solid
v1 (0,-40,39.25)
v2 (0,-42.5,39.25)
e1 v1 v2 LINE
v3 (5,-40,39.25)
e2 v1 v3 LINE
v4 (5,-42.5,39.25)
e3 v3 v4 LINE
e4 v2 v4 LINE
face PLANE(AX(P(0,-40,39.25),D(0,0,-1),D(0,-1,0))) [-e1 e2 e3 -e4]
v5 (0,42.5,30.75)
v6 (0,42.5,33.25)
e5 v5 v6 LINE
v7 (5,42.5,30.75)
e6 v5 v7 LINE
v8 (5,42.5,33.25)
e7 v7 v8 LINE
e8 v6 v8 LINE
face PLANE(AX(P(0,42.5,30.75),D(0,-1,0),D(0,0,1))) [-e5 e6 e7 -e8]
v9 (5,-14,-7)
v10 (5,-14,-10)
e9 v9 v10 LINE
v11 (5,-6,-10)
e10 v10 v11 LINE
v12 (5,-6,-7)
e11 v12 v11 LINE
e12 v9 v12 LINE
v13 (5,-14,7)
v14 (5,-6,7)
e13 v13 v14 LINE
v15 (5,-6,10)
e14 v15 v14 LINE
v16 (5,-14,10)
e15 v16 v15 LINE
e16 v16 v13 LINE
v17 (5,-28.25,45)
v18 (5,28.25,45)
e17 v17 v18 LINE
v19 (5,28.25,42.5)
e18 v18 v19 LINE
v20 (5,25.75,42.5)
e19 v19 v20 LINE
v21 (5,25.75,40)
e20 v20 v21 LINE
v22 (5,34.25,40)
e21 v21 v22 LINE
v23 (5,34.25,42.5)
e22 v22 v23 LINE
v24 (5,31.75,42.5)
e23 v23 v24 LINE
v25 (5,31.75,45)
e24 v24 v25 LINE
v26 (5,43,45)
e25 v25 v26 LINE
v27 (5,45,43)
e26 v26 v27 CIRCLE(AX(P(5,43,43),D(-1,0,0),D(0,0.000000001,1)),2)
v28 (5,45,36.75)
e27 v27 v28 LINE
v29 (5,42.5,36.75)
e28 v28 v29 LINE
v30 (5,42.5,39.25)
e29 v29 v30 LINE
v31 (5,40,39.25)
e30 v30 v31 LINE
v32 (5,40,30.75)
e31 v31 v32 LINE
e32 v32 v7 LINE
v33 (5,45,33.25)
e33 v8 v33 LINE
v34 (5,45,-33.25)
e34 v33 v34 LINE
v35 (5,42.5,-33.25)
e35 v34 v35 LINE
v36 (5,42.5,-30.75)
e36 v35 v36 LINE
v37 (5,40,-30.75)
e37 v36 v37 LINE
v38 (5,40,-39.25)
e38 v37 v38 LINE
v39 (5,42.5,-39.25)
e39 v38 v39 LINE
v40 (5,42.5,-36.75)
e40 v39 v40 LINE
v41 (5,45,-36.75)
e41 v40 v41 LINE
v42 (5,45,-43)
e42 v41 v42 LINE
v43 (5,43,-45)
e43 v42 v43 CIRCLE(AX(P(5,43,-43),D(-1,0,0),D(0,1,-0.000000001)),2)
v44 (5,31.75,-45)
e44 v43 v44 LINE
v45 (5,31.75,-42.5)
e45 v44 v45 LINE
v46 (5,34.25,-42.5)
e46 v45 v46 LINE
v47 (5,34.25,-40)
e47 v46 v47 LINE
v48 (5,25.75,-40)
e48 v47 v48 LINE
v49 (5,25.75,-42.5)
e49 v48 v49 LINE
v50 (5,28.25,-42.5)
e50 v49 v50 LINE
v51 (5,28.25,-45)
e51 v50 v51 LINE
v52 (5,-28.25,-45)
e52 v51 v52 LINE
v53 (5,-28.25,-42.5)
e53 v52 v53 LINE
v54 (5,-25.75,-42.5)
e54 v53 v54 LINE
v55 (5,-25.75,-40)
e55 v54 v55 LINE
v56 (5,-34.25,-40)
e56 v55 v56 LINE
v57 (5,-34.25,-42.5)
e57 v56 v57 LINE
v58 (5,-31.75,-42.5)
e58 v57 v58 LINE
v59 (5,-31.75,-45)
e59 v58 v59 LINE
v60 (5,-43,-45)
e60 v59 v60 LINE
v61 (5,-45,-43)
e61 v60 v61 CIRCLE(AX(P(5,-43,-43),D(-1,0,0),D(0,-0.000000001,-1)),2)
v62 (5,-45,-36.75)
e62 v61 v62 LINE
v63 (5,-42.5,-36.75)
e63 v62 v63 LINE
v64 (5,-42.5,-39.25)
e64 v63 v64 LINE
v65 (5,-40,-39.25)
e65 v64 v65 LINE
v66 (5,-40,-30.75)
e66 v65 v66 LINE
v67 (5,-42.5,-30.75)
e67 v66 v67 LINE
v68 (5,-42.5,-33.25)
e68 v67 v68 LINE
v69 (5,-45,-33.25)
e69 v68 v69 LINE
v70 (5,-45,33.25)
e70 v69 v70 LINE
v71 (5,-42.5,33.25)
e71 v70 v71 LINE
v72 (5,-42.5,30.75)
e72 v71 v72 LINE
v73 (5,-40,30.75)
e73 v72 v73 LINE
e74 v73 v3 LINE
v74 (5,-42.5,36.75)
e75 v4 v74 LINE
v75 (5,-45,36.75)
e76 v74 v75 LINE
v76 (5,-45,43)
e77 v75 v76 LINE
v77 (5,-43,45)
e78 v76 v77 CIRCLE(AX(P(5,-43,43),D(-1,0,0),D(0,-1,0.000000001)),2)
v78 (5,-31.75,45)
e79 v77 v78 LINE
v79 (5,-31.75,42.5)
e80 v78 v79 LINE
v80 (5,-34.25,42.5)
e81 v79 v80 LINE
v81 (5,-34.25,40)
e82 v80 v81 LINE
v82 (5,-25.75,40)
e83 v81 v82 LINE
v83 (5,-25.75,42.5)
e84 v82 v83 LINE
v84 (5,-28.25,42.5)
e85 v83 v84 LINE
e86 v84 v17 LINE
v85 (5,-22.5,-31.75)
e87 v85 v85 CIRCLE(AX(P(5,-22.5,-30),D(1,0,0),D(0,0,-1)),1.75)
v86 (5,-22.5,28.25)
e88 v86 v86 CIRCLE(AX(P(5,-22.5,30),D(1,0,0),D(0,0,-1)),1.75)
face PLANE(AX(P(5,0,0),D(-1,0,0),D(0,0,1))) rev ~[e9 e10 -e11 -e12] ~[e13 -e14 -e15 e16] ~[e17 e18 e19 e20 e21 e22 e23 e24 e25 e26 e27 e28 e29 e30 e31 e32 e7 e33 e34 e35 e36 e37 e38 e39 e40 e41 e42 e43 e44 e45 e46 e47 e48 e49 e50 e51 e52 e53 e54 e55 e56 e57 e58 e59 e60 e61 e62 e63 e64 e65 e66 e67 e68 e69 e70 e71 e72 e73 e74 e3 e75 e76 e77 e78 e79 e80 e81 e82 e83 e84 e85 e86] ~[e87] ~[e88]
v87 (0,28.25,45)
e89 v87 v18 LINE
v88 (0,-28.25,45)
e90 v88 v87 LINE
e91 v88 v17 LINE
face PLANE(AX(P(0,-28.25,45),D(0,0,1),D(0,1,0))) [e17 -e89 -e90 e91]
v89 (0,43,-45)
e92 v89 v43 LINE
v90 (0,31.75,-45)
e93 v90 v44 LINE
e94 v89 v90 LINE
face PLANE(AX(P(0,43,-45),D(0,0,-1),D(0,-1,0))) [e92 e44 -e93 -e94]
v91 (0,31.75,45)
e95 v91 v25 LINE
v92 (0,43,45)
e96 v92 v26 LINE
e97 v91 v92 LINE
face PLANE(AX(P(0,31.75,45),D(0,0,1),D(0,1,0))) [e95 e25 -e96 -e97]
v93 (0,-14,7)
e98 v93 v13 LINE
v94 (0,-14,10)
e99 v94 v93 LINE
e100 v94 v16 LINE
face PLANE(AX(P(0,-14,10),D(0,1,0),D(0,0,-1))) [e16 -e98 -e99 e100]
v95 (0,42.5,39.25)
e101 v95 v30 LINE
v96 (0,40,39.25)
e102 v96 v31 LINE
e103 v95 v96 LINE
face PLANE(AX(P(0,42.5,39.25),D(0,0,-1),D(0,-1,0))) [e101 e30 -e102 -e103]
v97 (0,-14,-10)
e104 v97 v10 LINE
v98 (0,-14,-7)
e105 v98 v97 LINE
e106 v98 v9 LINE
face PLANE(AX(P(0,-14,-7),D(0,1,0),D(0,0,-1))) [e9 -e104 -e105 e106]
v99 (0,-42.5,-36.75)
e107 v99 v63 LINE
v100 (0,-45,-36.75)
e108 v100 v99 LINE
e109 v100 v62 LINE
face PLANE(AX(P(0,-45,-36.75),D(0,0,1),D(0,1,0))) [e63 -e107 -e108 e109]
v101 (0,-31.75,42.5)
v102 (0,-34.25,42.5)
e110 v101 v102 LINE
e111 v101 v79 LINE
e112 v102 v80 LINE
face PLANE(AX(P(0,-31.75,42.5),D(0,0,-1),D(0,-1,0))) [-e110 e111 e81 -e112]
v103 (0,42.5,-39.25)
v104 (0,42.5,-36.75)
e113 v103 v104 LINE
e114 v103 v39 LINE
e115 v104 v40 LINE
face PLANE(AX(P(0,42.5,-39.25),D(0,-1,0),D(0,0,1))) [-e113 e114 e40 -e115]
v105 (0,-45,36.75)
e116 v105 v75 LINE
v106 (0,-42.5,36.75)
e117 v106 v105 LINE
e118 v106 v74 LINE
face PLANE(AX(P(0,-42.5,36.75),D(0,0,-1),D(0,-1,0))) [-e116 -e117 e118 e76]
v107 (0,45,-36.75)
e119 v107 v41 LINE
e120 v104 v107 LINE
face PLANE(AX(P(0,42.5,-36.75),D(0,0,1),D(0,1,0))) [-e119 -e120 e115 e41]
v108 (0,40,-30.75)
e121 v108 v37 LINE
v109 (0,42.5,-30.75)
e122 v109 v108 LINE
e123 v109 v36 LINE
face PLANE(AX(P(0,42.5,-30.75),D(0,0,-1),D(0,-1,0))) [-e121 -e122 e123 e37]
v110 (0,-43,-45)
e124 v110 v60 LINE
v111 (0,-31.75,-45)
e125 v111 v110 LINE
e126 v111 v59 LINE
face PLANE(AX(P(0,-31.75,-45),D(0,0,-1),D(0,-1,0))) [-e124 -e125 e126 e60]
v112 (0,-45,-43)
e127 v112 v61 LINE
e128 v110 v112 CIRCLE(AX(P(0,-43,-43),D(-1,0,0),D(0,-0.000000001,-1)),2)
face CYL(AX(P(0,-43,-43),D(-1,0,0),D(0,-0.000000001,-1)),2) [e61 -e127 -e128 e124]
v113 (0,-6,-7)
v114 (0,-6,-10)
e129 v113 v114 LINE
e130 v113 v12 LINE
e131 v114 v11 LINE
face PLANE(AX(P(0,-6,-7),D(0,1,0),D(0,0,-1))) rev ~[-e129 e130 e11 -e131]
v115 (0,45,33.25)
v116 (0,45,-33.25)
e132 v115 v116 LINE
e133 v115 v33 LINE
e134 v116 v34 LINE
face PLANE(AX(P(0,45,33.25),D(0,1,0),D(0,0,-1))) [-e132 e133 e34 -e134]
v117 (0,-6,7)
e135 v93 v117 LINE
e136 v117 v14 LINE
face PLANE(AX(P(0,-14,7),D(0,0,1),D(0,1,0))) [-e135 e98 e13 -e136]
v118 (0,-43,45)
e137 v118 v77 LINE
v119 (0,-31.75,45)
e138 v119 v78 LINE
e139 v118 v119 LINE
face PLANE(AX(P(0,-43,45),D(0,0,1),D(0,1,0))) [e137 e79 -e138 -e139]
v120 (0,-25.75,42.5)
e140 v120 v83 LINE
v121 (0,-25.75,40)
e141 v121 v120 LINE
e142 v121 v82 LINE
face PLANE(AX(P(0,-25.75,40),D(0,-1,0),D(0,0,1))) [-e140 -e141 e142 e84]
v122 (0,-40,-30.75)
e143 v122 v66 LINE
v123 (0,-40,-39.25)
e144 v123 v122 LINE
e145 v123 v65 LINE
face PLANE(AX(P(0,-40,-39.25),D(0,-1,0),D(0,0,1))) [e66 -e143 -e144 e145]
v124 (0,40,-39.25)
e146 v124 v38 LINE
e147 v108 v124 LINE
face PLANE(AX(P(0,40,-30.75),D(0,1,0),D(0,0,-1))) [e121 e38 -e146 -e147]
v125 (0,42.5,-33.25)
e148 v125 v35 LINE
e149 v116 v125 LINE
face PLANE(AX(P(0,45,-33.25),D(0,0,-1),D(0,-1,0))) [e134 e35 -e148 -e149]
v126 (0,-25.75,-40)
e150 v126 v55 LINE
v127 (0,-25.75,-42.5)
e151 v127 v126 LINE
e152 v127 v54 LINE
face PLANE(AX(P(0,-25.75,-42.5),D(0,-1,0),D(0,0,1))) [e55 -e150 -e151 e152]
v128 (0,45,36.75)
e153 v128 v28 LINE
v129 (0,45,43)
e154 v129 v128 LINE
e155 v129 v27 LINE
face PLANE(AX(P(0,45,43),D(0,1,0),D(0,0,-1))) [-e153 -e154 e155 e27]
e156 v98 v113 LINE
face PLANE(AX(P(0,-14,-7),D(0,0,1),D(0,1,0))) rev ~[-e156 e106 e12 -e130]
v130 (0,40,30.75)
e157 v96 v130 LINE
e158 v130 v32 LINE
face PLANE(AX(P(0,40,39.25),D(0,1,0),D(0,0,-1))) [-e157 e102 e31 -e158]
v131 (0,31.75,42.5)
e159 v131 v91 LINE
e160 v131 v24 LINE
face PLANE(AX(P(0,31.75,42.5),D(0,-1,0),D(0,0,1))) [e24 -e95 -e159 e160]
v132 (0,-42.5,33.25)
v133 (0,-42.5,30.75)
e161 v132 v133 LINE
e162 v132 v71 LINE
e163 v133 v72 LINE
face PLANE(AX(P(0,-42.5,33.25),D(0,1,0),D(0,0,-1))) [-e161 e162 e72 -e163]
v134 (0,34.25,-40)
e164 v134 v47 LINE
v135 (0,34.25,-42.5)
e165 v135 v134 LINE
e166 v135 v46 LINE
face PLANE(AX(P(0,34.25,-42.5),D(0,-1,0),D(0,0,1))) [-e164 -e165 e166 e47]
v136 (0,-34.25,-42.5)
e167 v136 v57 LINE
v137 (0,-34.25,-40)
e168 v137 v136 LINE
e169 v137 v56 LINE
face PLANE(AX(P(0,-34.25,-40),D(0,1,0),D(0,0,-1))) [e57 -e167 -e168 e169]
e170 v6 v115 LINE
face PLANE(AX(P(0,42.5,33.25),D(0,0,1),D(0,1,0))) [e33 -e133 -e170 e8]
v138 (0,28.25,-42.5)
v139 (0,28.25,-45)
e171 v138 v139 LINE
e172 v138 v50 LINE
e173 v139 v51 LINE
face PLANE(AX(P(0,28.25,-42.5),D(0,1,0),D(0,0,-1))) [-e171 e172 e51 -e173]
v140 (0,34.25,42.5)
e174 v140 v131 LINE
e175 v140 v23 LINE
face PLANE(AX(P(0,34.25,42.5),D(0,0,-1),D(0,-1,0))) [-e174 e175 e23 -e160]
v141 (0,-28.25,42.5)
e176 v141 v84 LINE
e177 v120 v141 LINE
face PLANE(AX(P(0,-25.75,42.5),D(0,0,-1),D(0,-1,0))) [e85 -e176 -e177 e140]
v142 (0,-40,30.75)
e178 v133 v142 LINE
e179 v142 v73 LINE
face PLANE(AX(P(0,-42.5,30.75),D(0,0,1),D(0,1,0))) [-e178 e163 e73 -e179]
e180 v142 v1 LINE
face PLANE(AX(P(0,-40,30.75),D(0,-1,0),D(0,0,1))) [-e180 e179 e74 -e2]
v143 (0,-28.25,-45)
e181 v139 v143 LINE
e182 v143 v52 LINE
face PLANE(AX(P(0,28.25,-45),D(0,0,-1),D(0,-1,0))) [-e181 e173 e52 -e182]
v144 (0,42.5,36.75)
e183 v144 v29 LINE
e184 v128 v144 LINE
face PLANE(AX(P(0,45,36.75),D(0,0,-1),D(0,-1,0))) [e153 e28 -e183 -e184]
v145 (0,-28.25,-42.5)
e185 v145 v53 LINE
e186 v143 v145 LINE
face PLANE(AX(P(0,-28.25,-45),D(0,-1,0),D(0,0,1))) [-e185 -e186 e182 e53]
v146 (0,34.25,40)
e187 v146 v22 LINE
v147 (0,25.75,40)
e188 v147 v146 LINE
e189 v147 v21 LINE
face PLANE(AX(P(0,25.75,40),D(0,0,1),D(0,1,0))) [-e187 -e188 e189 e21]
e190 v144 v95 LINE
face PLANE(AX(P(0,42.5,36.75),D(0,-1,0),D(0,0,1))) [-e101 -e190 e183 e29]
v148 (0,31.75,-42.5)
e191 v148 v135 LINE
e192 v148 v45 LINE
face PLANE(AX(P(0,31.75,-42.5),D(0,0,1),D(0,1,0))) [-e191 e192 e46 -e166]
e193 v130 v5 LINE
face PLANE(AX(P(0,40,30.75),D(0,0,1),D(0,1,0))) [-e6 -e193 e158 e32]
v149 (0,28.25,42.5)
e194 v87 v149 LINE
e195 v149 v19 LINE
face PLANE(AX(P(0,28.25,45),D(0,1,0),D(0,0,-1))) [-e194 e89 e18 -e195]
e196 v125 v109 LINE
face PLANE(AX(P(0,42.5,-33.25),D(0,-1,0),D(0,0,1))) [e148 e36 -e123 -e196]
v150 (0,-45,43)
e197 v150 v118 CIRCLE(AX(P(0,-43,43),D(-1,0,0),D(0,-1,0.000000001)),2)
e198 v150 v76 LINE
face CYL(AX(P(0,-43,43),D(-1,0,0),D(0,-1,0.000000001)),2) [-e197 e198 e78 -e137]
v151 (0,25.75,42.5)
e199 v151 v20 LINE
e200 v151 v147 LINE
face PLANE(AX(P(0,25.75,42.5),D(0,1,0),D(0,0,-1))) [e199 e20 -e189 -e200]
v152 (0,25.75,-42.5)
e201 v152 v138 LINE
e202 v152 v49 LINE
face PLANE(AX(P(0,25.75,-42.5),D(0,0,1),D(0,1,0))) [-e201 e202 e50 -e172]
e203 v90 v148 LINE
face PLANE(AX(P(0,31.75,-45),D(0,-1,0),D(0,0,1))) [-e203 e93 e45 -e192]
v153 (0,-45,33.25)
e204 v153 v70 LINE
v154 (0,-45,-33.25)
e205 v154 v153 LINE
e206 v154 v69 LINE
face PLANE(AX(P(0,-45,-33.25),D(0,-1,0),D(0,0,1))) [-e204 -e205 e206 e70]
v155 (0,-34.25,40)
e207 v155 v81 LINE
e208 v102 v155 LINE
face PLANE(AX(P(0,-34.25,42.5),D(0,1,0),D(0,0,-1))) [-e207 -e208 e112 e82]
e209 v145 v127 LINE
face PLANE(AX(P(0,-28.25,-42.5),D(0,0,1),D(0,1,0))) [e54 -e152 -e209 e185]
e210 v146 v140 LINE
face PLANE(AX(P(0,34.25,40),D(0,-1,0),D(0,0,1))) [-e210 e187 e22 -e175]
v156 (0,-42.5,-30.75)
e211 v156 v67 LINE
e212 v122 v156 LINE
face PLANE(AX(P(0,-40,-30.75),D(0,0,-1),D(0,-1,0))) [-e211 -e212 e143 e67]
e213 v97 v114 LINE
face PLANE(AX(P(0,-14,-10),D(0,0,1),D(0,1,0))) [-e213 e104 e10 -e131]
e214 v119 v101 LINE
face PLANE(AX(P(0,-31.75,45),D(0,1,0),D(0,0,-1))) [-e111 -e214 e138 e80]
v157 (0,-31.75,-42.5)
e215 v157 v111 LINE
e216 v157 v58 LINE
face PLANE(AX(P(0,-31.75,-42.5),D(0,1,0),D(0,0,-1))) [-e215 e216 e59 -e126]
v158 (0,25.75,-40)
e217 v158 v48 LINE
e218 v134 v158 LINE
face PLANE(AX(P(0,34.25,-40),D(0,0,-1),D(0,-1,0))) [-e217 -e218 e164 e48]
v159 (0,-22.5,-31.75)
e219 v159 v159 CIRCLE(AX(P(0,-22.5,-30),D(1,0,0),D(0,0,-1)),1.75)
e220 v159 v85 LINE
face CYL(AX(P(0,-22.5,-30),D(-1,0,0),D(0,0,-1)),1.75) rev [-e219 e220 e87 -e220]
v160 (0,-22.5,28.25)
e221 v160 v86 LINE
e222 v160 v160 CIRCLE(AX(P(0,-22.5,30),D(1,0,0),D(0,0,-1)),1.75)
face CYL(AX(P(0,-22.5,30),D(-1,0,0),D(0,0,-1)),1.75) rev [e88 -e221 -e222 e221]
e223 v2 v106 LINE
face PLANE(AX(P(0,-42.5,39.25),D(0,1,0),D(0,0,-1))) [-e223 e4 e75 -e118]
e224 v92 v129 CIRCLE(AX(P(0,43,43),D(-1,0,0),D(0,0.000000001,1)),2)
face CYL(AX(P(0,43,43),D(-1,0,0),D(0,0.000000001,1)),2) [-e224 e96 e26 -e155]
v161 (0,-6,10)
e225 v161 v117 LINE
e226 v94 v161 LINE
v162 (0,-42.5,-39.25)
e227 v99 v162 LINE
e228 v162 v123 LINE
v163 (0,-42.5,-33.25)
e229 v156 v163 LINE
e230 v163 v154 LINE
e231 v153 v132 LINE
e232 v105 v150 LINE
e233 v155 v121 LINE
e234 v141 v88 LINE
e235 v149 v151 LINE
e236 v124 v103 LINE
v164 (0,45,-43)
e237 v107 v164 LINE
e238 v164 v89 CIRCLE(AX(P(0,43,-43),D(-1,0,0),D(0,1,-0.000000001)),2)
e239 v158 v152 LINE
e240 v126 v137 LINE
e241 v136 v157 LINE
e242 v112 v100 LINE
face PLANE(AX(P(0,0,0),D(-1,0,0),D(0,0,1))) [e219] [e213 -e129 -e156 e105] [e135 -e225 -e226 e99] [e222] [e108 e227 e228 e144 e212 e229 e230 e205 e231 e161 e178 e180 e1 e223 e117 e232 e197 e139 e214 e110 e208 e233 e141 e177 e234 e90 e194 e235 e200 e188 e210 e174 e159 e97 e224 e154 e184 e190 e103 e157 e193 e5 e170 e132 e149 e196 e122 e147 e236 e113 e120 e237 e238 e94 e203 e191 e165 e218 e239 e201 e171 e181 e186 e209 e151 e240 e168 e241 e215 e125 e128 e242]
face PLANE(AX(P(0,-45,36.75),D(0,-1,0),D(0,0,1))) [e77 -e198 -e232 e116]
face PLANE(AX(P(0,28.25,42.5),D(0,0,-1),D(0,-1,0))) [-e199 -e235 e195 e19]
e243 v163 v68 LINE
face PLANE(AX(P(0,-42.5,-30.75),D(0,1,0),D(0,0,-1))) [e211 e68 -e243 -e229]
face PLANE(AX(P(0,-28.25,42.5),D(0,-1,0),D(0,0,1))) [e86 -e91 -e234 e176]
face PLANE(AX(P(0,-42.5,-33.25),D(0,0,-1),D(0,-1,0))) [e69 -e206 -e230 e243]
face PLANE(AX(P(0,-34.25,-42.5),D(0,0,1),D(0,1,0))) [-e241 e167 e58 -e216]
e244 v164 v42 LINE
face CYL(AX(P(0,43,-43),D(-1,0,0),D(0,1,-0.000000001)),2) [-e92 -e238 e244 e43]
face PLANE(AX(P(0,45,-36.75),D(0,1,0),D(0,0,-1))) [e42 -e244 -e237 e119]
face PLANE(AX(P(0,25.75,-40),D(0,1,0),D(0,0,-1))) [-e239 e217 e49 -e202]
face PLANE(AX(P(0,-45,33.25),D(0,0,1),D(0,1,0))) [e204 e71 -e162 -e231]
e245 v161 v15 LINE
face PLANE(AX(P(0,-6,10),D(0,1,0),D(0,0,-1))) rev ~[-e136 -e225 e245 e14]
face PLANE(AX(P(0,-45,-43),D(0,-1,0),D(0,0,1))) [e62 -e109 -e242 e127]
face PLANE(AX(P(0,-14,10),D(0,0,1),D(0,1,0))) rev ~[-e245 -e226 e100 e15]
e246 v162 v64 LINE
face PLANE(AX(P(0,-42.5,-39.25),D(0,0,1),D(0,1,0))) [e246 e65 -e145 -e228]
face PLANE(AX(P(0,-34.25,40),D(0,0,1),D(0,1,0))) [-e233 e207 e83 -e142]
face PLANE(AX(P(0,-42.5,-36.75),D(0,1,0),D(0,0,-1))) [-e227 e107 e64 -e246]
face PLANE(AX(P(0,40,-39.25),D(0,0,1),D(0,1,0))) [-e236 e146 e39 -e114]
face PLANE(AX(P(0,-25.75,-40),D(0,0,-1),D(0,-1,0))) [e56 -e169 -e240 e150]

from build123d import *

# Parameters (mm, degrees)
SKETCH_1_R      = 1.75
SKETCH_1_W      = 3
SKETCH_1_H      = 8
EXTRUDE_1_DEPTH = 5


with BuildPart() as part:
    # Эскиз1 → Бобышка-Вытянуть1 (new body)
    with BuildSketch(Plane(origin=(0, 0, 0), x_dir=(0, 0, -1), z_dir=(1, 0, 0))):
        with BuildLine():
            Line((-36.75, 45), (-36.75, 42.5))
            Line((-36.75, 42.5), (-39.25, 42.5))
            Line((-39.25, 42.5), (-39.25, 40))
            Line((-39.25, 40), (-30.75, 40))
            Line((-30.75, 40), (-30.75, 42.5))
            Line((-30.75, 42.5), (-33.25, 42.5))
            Line((-33.25, 42.5), (-33.25, 45))
            Line((-33.25, 45), (33.25, 45))
            Line((33.25, 45), (33.25, 42.5))
            Line((33.25, 42.5), (30.75, 42.5))
            Line((30.75, 42.5), (30.75, 40))
            Line((30.75, 40), (39.25, 40))
            Line((39.25, 40), (39.25, 42.5))
            Line((39.25, 42.5), (36.75, 42.5))
            Line((36.75, 42.5), (36.75, 45))
            Line((36.75, 45), (43, 45))
            ThreePointArc((43, 45), (44.414213562, 44.414213562), (45, 43))
            Line((45, 43), (45, 31.75))
            Line((45, 31.75), (42.5, 31.75))
            Line((42.5, 31.75), (42.5, 34.25))
            Line((42.5, 34.25), (40, 34.25))
            Line((40, 34.25), (40, 25.75))
            Line((40, 25.75), (42.5, 25.75))
            Line((42.5, 25.75), (42.5, 28.25))
            Line((42.5, 28.25), (45, 28.25))
            Line((45, 28.25), (45, -28.25))
            Line((45, -28.25), (42.5, -28.25))
            Line((42.5, -28.25), (42.5, -25.75))
            Line((42.5, -25.75), (40, -25.75))
            Line((40, -25.75), (40, -34.25))
            Line((40, -34.25), (42.5, -34.25))
            Line((42.5, -34.25), (42.5, -31.75))
            Line((42.5, -31.75), (45, -31.75))
            Line((45, -31.75), (45, -43))
            ThreePointArc((45, -43), (44.414213562, -44.414213562), (43, -45))
            Line((43, -45), (36.75, -45))
            Line((36.75, -45), (36.75, -42.5))
            Line((36.75, -42.5), (39.25, -42.5))
            Line((39.25, -42.5), (39.25, -40))
            Line((39.25, -40), (30.75, -40))
            Line((30.75, -40), (30.75, -42.5))
            Line((30.75, -42.5), (33.25, -42.5))
            Line((33.25, -42.5), (33.25, -45))
            Line((33.25, -45), (-33.25, -45))
            Line((-33.25, -45), (-33.25, -42.5))
            Line((-33.25, -42.5), (-30.75, -42.5))
            Line((-30.75, -42.5), (-30.75, -40))
            Line((-30.75, -40), (-39.25, -40))
            Line((-39.25, -40), (-39.25, -42.5))
            Line((-39.25, -42.5), (-36.75, -42.5))
            Line((-36.75, -42.5), (-36.75, -45))
            Line((-36.75, -45), (-43, -45))
            ThreePointArc((-43, -45), (-44.414213562, -44.414213562), (-45, -43))
            Line((-45, -43), (-45, -31.75))
            Line((-45, -31.75), (-42.5, -31.75))
            Line((-42.5, -31.75), (-42.5, -34.25))
            Line((-42.5, -34.25), (-40, -34.25))
            Line((-40, -34.25), (-40, -25.75))
            Line((-40, -25.75), (-42.5, -25.75))
            Line((-42.5, -25.75), (-42.5, -28.25))
            Line((-42.5, -28.25), (-45, -28.25))
            Line((-45, -28.25), (-45, 28.25))
            Line((-45, 28.25), (-42.5, 28.25))
            Line((-42.5, 28.25), (-42.5, 25.75))
            Line((-42.5, 25.75), (-40, 25.75))
            Line((-40, 25.75), (-40, 34.25))
            Line((-40, 34.25), (-42.5, 34.25))
            Line((-42.5, 34.25), (-42.5, 31.75))
            Line((-42.5, 31.75), (-45, 31.75))
            Line((-45, 31.75), (-45, 43))
            ThreePointArc((-45, 43), (-44.414213562, 44.414213562), (-43, 45))
            Line((-43, 45), (-36.75, 45))
        make_face()
        with Locations((-30, -22.5)):
            Circle(SKETCH_1_R, mode=Mode.SUBTRACT)
        with Locations((30, -22.5)):
            Circle(SKETCH_1_R, mode=Mode.SUBTRACT)
        with Locations((8.5, -10)):
            Rectangle(SKETCH_1_W, SKETCH_1_H, mode=Mode.SUBTRACT)
        with Locations((-8.5, -10)):
            Rectangle(SKETCH_1_W, SKETCH_1_H, mode=Mode.SUBTRACT)
    extrude(amount=EXTRUDE_1_DEPTH)


solid = part.part
